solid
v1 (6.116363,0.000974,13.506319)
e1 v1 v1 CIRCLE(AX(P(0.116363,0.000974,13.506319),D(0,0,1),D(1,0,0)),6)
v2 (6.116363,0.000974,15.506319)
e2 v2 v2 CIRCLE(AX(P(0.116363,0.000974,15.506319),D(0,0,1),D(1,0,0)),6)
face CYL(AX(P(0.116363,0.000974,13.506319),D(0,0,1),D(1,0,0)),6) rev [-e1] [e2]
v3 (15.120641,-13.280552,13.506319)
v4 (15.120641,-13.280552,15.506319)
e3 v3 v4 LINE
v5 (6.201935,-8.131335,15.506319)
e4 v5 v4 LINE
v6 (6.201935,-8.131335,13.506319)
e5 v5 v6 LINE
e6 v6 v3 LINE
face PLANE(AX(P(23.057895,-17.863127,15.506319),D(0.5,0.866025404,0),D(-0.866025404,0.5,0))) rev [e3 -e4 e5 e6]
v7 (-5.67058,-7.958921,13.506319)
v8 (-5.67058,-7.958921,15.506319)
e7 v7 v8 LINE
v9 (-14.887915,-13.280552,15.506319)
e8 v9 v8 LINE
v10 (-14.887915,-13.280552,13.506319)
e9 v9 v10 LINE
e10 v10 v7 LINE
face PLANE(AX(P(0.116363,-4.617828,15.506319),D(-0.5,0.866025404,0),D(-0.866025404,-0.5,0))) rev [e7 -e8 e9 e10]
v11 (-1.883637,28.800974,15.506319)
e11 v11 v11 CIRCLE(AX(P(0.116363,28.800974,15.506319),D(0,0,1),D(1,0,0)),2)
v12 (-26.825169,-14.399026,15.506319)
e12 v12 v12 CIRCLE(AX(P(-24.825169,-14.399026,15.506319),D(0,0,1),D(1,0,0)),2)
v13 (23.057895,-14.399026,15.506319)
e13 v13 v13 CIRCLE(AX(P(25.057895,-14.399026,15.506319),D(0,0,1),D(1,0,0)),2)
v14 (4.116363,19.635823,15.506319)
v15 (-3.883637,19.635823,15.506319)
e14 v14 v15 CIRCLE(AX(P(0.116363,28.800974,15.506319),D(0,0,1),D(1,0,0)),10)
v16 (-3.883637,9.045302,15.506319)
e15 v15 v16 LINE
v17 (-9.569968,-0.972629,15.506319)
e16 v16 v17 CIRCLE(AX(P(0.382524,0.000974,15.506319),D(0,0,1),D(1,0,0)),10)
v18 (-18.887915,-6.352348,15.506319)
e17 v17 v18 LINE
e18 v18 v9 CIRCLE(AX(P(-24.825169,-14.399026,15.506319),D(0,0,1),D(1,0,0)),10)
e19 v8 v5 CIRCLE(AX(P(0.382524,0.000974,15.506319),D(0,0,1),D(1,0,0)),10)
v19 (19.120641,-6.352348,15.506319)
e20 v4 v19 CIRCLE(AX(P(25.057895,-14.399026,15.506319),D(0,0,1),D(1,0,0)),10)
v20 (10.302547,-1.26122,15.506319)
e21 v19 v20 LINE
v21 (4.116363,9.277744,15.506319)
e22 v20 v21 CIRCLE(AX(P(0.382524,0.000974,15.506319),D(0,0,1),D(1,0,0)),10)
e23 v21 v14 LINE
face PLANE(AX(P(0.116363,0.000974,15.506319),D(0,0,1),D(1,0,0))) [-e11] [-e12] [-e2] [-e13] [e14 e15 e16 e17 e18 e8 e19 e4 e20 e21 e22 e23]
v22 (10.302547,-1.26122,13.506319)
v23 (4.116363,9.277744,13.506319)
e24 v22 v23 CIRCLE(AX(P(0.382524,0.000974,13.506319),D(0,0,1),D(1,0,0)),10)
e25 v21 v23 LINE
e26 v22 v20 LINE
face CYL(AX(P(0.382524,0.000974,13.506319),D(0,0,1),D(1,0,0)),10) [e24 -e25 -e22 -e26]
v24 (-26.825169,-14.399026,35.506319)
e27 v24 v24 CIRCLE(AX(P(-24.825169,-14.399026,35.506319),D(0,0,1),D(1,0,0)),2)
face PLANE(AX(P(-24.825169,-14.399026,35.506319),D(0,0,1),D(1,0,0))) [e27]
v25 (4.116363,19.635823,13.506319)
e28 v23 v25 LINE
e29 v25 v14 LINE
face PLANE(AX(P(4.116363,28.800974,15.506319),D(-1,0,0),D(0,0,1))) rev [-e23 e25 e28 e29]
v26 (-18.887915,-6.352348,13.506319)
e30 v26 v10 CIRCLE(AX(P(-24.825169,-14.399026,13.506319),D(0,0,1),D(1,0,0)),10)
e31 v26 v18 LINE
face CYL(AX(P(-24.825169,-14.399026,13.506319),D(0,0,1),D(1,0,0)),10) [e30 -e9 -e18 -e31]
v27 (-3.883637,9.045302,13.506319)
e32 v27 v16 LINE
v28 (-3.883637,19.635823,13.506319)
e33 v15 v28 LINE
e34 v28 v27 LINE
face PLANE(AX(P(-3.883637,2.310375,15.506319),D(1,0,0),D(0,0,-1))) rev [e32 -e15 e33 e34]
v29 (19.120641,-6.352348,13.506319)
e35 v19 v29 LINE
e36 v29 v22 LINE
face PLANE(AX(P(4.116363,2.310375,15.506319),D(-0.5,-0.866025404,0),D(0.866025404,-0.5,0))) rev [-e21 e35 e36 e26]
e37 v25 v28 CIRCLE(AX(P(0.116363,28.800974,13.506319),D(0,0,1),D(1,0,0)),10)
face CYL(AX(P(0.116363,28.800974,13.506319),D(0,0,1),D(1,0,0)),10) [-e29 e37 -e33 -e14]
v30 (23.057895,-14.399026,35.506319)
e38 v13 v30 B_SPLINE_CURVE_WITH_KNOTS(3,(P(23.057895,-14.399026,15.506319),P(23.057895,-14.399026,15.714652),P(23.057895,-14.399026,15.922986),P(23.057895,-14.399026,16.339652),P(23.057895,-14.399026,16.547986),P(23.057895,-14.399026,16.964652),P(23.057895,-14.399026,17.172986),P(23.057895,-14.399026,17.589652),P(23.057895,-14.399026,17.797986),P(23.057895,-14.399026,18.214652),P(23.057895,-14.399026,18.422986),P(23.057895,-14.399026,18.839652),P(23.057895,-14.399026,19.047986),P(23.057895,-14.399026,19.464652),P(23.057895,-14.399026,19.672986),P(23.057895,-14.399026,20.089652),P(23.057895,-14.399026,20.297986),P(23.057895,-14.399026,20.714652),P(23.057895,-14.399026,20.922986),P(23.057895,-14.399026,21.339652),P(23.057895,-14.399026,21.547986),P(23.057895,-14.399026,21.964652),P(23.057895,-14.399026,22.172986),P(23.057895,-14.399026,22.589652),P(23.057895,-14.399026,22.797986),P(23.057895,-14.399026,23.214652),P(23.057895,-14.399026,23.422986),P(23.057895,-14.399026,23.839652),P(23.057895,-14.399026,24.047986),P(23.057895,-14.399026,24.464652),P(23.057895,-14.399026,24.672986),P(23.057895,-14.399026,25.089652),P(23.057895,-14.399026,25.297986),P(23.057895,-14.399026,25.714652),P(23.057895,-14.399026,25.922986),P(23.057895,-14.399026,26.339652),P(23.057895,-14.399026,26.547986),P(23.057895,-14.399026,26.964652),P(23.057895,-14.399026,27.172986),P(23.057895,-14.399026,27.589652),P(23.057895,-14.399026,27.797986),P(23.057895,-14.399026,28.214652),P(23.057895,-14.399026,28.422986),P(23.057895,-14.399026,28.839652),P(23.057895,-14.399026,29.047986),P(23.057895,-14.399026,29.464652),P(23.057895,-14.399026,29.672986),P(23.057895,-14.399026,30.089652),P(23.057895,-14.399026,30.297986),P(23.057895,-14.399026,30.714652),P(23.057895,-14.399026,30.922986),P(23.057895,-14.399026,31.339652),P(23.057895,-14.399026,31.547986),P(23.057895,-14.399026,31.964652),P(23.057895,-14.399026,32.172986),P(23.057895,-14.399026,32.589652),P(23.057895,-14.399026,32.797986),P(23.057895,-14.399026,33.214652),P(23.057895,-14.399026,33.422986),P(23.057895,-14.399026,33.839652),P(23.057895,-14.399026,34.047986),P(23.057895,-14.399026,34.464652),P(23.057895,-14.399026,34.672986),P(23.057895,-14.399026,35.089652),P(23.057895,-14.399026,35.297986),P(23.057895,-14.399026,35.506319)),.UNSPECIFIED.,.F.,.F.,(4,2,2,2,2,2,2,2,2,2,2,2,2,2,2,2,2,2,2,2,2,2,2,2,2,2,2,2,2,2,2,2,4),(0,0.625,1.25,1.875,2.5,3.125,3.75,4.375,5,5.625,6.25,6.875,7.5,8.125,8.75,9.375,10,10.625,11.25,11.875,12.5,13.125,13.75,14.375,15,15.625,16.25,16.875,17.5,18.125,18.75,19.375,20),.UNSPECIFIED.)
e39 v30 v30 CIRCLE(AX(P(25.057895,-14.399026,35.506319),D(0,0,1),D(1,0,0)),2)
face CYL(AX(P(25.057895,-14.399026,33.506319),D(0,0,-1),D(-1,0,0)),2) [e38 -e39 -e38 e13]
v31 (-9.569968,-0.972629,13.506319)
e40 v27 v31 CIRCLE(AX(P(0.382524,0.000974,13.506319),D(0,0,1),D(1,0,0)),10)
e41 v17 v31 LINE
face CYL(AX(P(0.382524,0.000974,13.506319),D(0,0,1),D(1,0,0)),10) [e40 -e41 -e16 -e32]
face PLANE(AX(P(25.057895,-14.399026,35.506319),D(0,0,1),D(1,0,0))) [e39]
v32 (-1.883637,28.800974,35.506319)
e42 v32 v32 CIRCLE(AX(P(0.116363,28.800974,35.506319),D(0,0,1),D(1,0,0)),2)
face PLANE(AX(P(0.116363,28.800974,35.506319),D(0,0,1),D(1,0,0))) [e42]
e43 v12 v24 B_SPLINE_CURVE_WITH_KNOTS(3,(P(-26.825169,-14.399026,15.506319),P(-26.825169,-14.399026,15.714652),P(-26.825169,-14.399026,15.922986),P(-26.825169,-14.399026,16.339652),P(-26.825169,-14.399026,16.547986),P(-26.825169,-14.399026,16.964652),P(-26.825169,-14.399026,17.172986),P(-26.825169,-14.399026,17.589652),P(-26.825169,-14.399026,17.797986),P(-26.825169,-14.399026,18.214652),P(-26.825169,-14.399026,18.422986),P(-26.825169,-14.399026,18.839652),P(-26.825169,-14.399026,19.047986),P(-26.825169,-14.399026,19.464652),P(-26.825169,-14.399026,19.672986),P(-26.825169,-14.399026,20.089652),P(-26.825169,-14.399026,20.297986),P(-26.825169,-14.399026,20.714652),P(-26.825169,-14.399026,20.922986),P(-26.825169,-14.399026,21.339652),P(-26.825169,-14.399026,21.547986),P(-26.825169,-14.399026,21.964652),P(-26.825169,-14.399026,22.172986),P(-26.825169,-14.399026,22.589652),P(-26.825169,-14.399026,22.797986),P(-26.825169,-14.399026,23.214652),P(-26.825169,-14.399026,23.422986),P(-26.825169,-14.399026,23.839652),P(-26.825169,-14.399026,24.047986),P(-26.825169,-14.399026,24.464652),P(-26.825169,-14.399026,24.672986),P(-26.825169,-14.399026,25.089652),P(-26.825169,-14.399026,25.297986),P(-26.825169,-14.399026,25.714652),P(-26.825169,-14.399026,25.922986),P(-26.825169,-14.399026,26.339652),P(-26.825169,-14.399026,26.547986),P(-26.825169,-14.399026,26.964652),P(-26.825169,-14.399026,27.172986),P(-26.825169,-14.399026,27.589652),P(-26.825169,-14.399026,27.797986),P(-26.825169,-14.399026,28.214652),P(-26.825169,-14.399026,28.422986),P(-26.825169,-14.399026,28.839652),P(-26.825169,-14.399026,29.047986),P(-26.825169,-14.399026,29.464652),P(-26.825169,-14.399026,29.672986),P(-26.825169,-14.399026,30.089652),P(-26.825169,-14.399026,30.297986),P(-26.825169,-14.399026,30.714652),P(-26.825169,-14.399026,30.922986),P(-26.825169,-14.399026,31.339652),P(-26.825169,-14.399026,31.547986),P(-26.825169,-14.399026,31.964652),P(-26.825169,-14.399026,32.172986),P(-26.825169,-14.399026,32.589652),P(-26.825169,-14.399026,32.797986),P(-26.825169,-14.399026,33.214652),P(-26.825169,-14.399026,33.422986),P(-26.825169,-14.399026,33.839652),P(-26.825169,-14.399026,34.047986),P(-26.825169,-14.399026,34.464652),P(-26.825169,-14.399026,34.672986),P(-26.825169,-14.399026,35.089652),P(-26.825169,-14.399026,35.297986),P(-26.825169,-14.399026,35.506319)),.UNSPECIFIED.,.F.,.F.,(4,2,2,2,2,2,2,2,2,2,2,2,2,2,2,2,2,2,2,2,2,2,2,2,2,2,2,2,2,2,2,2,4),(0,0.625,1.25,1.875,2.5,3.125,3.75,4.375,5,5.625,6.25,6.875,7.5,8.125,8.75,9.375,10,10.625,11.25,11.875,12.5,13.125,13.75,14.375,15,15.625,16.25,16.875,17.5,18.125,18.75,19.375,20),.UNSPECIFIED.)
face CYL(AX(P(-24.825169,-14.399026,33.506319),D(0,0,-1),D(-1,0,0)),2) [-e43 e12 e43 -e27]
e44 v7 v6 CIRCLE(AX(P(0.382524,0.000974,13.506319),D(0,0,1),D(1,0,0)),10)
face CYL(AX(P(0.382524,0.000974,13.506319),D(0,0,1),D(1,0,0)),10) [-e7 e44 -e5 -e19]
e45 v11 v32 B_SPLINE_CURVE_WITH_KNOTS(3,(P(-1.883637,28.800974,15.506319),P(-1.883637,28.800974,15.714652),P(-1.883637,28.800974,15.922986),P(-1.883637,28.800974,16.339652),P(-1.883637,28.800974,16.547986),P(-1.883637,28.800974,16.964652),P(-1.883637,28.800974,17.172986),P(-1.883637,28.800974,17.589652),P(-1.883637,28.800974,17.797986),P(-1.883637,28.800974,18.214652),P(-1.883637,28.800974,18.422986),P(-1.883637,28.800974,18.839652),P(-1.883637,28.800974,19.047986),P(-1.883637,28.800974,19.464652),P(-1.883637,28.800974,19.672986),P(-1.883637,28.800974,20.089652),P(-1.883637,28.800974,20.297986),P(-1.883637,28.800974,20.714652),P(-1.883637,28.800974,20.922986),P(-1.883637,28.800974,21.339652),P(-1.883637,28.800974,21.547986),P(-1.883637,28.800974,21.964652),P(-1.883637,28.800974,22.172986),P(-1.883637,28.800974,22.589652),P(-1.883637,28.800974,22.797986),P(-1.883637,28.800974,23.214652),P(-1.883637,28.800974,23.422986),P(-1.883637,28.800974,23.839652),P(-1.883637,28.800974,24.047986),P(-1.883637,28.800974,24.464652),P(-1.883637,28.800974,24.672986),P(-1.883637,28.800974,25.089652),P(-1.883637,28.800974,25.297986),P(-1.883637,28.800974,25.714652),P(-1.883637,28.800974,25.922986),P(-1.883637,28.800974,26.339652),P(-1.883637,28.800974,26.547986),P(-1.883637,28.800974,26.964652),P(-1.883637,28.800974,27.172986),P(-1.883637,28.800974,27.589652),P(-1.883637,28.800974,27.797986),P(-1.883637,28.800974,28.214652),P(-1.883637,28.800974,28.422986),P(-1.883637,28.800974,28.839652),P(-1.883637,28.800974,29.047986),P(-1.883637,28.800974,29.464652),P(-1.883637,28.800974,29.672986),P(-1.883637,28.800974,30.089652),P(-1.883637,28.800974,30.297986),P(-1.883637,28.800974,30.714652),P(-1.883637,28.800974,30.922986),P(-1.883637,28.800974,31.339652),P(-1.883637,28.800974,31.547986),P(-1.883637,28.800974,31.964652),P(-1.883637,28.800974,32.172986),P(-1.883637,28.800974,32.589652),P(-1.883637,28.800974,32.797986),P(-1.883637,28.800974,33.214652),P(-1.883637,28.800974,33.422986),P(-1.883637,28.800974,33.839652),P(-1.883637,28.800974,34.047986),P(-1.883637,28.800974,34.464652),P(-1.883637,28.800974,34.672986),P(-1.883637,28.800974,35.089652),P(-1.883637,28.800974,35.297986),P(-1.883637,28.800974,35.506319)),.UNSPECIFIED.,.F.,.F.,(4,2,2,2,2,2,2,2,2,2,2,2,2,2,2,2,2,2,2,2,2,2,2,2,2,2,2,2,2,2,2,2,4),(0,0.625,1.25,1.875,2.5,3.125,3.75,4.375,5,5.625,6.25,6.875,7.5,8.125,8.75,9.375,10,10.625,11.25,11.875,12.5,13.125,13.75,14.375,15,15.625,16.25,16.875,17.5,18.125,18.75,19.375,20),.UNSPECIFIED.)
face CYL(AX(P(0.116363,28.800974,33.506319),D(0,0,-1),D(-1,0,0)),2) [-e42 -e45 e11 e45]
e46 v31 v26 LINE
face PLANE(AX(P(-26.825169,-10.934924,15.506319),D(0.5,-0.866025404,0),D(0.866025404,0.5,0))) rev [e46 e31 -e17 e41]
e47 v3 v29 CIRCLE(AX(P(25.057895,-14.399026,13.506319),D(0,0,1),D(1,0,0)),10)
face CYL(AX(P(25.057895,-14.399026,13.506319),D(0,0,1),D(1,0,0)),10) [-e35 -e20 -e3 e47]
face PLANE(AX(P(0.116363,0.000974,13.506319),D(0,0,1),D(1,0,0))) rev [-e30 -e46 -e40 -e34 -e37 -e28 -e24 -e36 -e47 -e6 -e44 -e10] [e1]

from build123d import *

# Parameters (mm, degrees)
BOSS_EXTRUDE2_DEPTH = 10
SKETCH3_R           = 50
BOSS_EXTRUDE3_DEPTH = 10
SKETCH4_R           = 10
BOSS_EXTRUDE4_DEPTH = 90
CUT_EXTRUDE1_START  = -30
SKETCH5_R           = 10
CUT_EXTRUDE1_DEPTH  = 30
SKETCH6_R           = 13
CUT_EXTRUDE2_DEPTH  = 10
SKETCH7_R           = 10
BOSS_EXTRUDE5_DEPTH = 30
SKETCH9_R           = 10
BOSS_EXTRUDE6_DEPTH = 10
SKETCH10_R          = 10
BOSS_EXTRUDE7_DEPTH = 10
SKETCH11_R          = 10
BOSS_EXTRUDE8_DEPTH = 10
SKETCH12_R          = 50
BOSS_EXTRUDE9_DEPTH = 10
SKETCH13_R          = 30
CUT_EXTRUDE3_DEPTH  = 10
SCALE1_SCALE        = 0.2


with BuildPart() as part:
    # Sketch1 → Boss-Extrude2 (new body)
    with BuildSketch(Plane.XY):
        Polygon((20, 144), (-20, 144), (-20, 11.547005384), (-134.707658145, -54.679491924), (-114.707658145, -89.320508076), (0, -23.094010768), (114.707658145, -89.320508076), (134.707658145, -54.679491924), (20, 11.547005384), align=None)
    extrude(amount=BOSS_EXTRUDE2_DEPTH)

    # Sketch3 → Boss-Extrude3 (add)
    with BuildSketch(Plane.XY.offset(10)):
        with Locations((-124.707658145, -72)):
            Circle(SKETCH3_R)
        with Locations((0, 144)):
            Circle(SKETCH3_R)
        with Locations((124.707658145, -72)):
            Circle(SKETCH3_R)
    extrude(amount=-BOSS_EXTRUDE3_DEPTH)

    # Sketch4 → Boss-Extrude4 (add)
    with BuildSketch(Plane.XY.offset(10)):
        with Locations(Location((0, 144, 0), (0, 0, 180))):
            Circle(SKETCH4_R)
        with Locations(Location((124.707658145, -72, 0), (0, 0, 180))):
            Circle(SKETCH4_R)
        with Locations(Location((-124.707658145, -72, 0), (0, 0, 180))):
            Circle(SKETCH4_R)
    extrude(amount=BOSS_EXTRUDE4_DEPTH)

    # Sketch5 → Cut-Extrude1 (cut)
    with BuildSketch(Plane.XY.offset(100).offset(CUT_EXTRUDE1_START)):
        with Locations(Location((0, 144, 0), (0, 0, 180))):
            Circle(SKETCH5_R)
    extrude(amount=CUT_EXTRUDE1_DEPTH, mode=Mode.SUBTRACT)

    # Sketch6 → Cut-Extrude2 (cut)
    with BuildSketch(Plane.XY.offset(10)):
        Circle(SKETCH6_R)
    extrude(amount=-CUT_EXTRUDE2_DEPTH, mode=Mode.SUBTRACT)

    # Sketch7 → Boss-Extrude5 (add)
    with BuildSketch(Plane.XY.offset(70)):
        with Locations(Location((0, 144, 0), (0, 0, 180))):
            Circle(SKETCH7_R)
    extrude(amount=BOSS_EXTRUDE5_DEPTH)

    # Sketch9 → Boss-Extrude6 (add)
    with BuildSketch(Plane.XY.offset(100)):
        with Locations(Location((0, 144, 0), (0, 0, 180))):
            Circle(SKETCH9_R)
    extrude(amount=BOSS_EXTRUDE6_DEPTH)

    # Sketch10 → Boss-Extrude7 (add)
    with BuildSketch(Plane.XY.offset(100)):
        with Locations(Location((-124.707658145, -72, 0), (0, 0, 180))):
            Circle(SKETCH10_R)
    extrude(amount=BOSS_EXTRUDE7_DEPTH)

    # Sketch11 → Boss-Extrude8 (add)
    with BuildSketch(Plane.XY.offset(100)):
        with Locations(Location((124.707658145, -72, 0), (0, 0, 180))):
            Circle(SKETCH11_R)
    extrude(amount=BOSS_EXTRUDE8_DEPTH)

    # Sketch12 → Boss-Extrude9 (add)
    with BuildSketch(Plane.XY.offset(10)):
        with Locations((1.330805308, 0)):
            Circle(SKETCH12_R)
    extrude(amount=-BOSS_EXTRUDE9_DEPTH)

    # Sketch13 → Cut-Extrude3 (cut)
    with BuildSketch(Plane.XY.offset(10)):
        Circle(SKETCH13_R)
    extrude(amount=-CUT_EXTRUDE3_DEPTH, mode=Mode.SUBTRACT)


with BuildPart() as part_1:
    # Scale1: scaled about (0.145453699, 0.001217976, 16.882898765)
    add(part.part.scale(SCALE1_SCALE).moved(Location((0.116362959, 0.000974381, 13.506319012))))


solid = part_1.part
